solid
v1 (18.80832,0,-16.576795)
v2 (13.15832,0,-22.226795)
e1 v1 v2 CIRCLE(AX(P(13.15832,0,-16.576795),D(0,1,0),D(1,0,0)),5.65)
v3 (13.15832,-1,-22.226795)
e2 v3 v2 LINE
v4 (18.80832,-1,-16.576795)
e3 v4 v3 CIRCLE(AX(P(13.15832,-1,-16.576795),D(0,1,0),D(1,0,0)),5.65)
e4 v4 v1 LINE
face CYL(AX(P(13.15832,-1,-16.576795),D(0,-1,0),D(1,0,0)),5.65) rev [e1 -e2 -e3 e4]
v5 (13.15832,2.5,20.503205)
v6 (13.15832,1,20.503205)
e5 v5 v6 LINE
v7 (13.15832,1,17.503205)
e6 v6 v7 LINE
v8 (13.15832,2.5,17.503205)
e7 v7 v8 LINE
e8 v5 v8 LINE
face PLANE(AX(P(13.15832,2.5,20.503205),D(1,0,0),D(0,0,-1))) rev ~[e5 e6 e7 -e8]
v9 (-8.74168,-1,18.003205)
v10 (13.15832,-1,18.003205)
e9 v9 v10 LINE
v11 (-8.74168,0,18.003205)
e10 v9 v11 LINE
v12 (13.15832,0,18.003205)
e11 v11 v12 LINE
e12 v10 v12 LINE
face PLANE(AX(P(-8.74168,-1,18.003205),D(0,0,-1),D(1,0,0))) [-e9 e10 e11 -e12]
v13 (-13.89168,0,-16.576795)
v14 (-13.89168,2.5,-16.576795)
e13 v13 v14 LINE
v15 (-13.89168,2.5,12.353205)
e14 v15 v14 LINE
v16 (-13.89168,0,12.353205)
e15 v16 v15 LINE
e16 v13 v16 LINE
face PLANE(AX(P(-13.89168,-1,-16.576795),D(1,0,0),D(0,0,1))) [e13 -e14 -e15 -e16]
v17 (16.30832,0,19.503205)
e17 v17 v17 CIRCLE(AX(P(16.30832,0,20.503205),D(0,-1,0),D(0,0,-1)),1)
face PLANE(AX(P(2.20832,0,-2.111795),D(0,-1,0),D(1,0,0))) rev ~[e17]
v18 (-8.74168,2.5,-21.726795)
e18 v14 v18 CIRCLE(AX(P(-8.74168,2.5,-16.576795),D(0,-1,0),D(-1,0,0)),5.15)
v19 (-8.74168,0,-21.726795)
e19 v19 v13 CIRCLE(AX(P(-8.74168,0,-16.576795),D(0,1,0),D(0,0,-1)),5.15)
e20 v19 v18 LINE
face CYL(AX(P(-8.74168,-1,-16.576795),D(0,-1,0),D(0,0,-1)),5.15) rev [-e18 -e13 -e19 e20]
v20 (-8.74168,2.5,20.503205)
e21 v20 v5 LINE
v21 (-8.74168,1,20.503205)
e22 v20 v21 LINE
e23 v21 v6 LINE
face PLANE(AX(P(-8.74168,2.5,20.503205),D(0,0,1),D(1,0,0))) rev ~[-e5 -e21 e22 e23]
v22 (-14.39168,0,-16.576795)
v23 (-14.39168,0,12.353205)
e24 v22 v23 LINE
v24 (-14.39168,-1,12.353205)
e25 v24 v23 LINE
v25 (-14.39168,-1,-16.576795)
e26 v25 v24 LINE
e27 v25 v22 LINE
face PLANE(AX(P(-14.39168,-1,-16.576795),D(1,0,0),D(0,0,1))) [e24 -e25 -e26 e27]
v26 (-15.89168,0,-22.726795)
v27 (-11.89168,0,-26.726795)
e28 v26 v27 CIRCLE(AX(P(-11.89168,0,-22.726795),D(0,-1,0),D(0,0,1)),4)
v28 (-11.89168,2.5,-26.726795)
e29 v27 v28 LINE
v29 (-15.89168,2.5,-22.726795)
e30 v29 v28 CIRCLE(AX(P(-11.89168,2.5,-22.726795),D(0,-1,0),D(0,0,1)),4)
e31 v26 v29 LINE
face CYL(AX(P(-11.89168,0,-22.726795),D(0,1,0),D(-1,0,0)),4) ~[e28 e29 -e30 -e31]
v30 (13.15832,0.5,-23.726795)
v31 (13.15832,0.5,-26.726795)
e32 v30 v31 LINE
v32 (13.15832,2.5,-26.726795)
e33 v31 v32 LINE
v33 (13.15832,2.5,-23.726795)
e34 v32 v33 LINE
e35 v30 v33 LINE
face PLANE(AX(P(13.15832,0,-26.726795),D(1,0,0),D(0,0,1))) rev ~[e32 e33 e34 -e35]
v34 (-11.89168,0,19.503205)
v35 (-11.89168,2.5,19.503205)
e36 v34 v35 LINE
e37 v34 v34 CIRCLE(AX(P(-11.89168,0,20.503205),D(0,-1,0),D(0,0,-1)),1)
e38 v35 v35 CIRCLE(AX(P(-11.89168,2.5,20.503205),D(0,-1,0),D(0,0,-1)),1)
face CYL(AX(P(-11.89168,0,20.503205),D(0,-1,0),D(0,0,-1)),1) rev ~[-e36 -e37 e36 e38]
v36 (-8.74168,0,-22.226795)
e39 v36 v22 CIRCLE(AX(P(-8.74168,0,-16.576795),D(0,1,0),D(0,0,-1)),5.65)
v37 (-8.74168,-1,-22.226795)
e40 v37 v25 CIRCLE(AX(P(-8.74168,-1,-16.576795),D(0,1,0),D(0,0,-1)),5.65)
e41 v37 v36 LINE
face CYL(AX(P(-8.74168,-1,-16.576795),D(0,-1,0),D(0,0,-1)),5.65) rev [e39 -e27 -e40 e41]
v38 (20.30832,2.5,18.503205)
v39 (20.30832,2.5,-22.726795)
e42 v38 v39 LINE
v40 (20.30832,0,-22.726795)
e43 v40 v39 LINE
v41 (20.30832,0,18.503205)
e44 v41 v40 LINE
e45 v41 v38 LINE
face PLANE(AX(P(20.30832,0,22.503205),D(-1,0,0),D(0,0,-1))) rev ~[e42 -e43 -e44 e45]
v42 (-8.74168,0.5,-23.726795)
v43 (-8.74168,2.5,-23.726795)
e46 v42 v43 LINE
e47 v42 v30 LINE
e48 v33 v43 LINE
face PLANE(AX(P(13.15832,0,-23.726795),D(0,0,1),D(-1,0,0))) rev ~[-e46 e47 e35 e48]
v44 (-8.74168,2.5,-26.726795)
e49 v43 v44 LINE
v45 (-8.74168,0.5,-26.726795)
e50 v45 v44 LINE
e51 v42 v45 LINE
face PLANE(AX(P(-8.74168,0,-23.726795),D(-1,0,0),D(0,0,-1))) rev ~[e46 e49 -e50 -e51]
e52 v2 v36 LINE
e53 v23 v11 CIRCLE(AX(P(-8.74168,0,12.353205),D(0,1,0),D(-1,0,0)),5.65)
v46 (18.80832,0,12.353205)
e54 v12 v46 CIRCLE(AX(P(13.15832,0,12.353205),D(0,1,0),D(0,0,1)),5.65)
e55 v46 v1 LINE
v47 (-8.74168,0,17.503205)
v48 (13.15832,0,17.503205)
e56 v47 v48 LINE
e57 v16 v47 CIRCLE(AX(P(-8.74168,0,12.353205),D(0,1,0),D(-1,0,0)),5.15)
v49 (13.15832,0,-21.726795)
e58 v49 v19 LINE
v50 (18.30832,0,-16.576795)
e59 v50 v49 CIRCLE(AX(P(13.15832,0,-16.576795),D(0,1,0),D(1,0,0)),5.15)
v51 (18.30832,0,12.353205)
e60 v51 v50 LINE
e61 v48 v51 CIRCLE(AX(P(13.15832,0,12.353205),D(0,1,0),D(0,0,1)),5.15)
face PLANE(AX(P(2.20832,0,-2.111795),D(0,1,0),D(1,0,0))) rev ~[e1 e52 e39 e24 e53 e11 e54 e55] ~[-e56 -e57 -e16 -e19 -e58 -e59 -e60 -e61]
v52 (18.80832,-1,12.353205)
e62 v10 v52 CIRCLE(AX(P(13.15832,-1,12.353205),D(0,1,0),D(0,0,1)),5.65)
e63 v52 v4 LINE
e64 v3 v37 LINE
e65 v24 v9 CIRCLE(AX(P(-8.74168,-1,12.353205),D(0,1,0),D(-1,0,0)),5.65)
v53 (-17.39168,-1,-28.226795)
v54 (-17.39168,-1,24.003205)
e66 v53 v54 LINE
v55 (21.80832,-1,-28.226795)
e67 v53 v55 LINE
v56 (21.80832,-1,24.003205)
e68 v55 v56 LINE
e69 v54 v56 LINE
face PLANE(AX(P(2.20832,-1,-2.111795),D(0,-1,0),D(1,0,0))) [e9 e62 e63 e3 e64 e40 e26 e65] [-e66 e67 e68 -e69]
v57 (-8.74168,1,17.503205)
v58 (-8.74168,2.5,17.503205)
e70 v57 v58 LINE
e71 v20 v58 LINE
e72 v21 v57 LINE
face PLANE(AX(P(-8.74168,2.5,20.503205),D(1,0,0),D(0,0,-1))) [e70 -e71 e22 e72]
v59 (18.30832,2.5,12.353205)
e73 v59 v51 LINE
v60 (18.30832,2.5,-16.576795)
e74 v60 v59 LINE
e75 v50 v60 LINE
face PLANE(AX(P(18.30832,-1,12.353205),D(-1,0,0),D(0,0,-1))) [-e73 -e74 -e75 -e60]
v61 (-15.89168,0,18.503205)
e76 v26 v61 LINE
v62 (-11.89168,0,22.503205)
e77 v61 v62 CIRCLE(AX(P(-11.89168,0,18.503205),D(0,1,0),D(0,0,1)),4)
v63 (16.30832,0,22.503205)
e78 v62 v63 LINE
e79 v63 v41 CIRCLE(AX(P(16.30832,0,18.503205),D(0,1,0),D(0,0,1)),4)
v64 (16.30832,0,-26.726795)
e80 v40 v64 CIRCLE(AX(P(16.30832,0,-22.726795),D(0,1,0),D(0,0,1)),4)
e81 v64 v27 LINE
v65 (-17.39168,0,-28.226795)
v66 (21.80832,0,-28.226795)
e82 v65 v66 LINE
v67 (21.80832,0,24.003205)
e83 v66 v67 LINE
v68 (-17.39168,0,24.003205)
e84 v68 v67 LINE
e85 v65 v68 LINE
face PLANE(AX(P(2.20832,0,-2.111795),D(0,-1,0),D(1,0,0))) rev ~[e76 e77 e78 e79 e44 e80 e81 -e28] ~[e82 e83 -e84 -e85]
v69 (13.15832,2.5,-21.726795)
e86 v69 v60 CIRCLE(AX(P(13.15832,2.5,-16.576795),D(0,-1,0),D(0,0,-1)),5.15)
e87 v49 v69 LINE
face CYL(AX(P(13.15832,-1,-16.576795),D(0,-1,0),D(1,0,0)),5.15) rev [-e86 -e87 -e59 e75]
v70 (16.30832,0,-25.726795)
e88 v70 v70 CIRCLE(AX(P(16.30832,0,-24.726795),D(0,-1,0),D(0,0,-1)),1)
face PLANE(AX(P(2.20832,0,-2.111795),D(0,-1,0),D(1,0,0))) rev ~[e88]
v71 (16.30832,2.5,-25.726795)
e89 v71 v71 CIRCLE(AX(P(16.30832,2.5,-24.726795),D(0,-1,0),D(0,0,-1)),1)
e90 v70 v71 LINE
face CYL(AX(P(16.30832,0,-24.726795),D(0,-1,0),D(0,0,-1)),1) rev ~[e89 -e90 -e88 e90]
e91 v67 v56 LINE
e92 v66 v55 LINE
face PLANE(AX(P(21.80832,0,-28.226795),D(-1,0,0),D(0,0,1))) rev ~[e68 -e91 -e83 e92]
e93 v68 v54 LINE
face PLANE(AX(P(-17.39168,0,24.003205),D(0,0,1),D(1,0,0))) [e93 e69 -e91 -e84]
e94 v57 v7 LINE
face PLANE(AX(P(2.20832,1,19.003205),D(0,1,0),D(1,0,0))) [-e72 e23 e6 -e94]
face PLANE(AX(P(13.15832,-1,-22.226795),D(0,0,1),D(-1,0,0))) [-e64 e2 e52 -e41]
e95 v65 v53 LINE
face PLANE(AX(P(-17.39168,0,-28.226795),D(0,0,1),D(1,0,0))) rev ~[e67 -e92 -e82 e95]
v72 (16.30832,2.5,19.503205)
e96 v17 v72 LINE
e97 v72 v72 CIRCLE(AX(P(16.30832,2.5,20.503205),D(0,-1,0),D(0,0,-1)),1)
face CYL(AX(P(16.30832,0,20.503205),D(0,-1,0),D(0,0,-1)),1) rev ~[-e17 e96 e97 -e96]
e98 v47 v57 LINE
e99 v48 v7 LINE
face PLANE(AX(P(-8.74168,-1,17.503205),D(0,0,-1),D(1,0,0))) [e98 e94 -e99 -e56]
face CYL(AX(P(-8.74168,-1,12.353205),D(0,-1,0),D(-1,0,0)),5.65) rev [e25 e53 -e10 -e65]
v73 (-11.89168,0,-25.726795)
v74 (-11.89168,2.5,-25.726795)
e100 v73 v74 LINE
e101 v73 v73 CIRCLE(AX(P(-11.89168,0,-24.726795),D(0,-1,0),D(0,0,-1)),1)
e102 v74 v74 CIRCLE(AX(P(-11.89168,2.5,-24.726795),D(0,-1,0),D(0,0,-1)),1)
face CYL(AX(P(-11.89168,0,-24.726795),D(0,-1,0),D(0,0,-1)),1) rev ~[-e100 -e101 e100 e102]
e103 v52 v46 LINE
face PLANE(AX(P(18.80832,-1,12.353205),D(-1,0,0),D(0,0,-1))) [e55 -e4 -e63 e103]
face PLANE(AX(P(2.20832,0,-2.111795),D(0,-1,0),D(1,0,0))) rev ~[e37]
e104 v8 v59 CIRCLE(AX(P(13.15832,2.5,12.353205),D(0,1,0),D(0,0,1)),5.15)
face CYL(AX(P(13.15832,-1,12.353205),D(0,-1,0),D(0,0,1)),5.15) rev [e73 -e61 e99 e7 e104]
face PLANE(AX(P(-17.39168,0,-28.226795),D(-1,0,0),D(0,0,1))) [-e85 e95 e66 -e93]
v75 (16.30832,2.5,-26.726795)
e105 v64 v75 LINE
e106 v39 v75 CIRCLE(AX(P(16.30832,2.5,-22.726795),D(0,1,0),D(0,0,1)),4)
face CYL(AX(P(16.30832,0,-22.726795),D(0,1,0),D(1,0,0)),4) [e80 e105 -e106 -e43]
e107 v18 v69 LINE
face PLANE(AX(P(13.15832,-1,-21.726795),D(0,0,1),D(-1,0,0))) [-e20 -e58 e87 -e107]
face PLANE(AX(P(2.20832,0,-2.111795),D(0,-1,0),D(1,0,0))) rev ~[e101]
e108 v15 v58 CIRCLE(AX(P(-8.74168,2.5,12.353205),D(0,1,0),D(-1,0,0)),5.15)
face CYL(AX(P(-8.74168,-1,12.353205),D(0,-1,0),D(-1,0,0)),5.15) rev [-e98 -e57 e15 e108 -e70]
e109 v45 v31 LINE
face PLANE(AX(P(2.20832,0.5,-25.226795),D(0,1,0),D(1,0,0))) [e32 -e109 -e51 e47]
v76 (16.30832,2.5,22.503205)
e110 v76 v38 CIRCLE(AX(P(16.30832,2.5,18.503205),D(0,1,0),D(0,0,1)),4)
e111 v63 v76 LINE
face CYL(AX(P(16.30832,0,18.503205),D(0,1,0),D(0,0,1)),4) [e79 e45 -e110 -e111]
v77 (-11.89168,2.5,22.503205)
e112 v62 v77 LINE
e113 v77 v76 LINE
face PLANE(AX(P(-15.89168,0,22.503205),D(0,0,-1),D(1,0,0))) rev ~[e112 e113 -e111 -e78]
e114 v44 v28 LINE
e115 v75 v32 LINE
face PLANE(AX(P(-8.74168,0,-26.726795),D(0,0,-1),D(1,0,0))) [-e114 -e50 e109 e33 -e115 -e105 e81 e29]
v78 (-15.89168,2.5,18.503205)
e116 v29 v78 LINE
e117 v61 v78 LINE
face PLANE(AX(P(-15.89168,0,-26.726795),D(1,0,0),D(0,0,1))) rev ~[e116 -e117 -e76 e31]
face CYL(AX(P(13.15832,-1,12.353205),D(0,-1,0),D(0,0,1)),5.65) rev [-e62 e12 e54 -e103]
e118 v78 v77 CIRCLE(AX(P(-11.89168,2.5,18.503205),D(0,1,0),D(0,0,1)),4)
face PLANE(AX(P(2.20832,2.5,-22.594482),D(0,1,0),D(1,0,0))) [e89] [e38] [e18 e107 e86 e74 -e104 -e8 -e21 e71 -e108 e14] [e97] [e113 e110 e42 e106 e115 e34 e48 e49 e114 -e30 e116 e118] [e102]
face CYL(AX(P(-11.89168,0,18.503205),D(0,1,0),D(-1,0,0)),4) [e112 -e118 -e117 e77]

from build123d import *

# Parameters (mm, degrees)
EXTRUDE_1_DEPTH       = 2.5
SKETCH_1_3_W          = 21.9
SKETCH_1_3_H          = 3
EXTRUDE_2_DEPTH       = 0.5
SKETCH_2_R            = 1
CUT_EXTRUDE_1_DEPTH   = 34.660057049
SKETCH_3_W            = 21.9
SKETCH_3_H            = 3
CUT_EXTRUDE_2_DEPTH   = 1.5
SKETCH_4_W            = 39.2
SKETCH_4_H            = 52.23
EXTRUDE_3_DEPTH       = 1
CUT_EXTRUDE_START     = -1
CUT_EXTRUDE_3_DEPTH   = 1
FILLET_1_R            = 4
CUT_EXTRUDE_1_2_DEPTH = 1


with BuildPart() as part:
    # 草图1 → 凸台-拉伸1 (new body)
    with BuildSketch(Plane(origin=(0, 0, 0), x_dir=(1, 0, 0), z_dir=(0, 1, 0))):
        Polygon((20.308319986, -22.503204833), (20.308319986, 26.726795167), (13.158319986, 26.726795167), (13.158319986, 23.726795167), (-8.741680014, 23.726795167), (-8.741680014, 26.726795167), (-15.891680014, 26.726795167), (-15.891680014, -22.503204833), align=None)
        with BuildLine():
            ThreePointArc((18.308319986, -12.353204833), (16.799919909, -15.994804756), (13.158319986, -17.503204833))
            Line((13.158319986, -17.503204833), (-8.741680014, -17.503204833))
            ThreePointArc((-8.741680014, -17.503204833), (-12.383279937, -15.994804756), (-13.891680014, -12.353204833))
            Line((-13.891680014, -12.353204833), (-13.891680014, 16.576795167))
            ThreePointArc((-13.891680014, 16.576795167), (-12.383279937, 20.21839509), (-8.741680014, 21.726795167))
            Line((-8.741680014, 21.726795167), (13.158319986, 21.726795167))
            ThreePointArc((13.158319986, 21.726795167), (16.799919909, 20.21839509), (18.308319986, 16.576795167))
            Line((18.308319986, 16.576795167), (18.308319986, -12.353204833))
        make_face(mode=Mode.SUBTRACT)
    extrude(amount=EXTRUDE_1_DEPTH)

    # 草图1<3> → 凸台-拉伸2 (add)
    with BuildSketch(Plane(origin=(0, 0, 0), x_dir=(1, 0, 0), z_dir=(0, 1, 0))):
        with Locations((2.208319986, 25.226795167)):
            Rectangle(SKETCH_1_3_W, SKETCH_1_3_H)
    extrude(amount=EXTRUDE_2_DEPTH)

    # 草图2 → Cut-Extrude 1 (cut, through all)
    with BuildSketch(Plane.XZ):
        with Locations((-11.891680014, -24.726795167)):
            Circle(SKETCH_2_R)
        with Locations((-11.891680014, 20.503204833)):
            Circle(SKETCH_2_R)
        with Locations((16.308319986, 20.503204833)):
            Circle(SKETCH_2_R)
        with Locations((16.308319986, -24.726795167)):
            Circle(SKETCH_2_R)
    extrude(amount=-CUT_EXTRUDE_1_DEPTH, mode=Mode.SUBTRACT)

    # 草图3 → 切除-拉伸2 (cut)
    with BuildSketch(Plane(origin=(0, 2.5, 0), x_dir=(1, 0, 0), z_dir=(0, 1, 0))):
        with Locations((2.208319986, -19.003204833)):
            Rectangle(SKETCH_3_W, SKETCH_3_H)
    extrude(amount=-CUT_EXTRUDE_2_DEPTH, mode=Mode.SUBTRACT)

    # 草图4 → 凸台-拉伸3 (add)
    with BuildSketch(Plane.XZ):
        with Locations((2.208319986, -2.111795167)):
            Rectangle(SKETCH_4_W, SKETCH_4_H)
    extrude(amount=EXTRUDE_3_DEPTH)

    # 草图5 → 切除-拉伸3 (cut)
    with BuildSketch(Plane(origin=(0, 0, 0), x_dir=(1, 0, 0), z_dir=(0, 1, 0)).offset(CUT_EXTRUDE_START)):
        with BuildLine():
            Line((18.308319986, -12.353204833), (18.308319986, 16.576795167))
            ThreePointArc((18.308319986, 16.576795167), (16.799919909, 20.21839509), (13.158319986, 21.726795167))
            Line((13.158319986, 21.726795167), (-8.741680014, 21.726795167))
            ThreePointArc((-8.741680014, 21.726795167), (-12.383279937, 20.21839509), (-13.891680014, 16.576795167))
            Line((-13.891680014, 16.576795167), (-13.891680014, -12.353204833))
            ThreePointArc((-13.891680014, -12.353204833), (-12.383279937, -15.994804756), (-8.741680014, -17.503204833))
            Line((-8.741680014, -17.503204833), (13.158319986, -17.503204833))
            ThreePointArc((13.158319986, -17.503204833), (16.799919909, -15.994804756), (18.308319986, -12.353204833))
        make_face()
    extrude(amount=CUT_EXTRUDE_3_DEPTH, mode=Mode.SUBTRACT)

    # 圆角1
    fillet_1_edges = [part.edges().sort_by_distance(p)[0] for p in [
        (-15.891680014, 1.25, 22.503204833),
        (-15.891680014, 1.25, -26.726795167),
        (20.308319986, 1.25, -26.726795167),
        (20.308319986, 1.25, 22.503204833),
    ]]
    fillet(fillet_1_edges, radius=FILLET_1_R)

    # 草图5<2> → Cut-Extrude 1 2 (cut)
    with BuildSketch(Plane(origin=(0, 0, 0), x_dir=(1, 0, 0), z_dir=(0, 1, 0)).offset(CUT_EXTRUDE_START)):
        with BuildLine():
            Line((-8.741680014, -18.003204833), (13.158319986, -18.003204833))
            ThreePointArc((13.158319986, -18.003204833), (17.153473299, -16.348358147), (18.808319986, -12.353204833))
            Line((18.808319986, -12.353204833), (18.808319986, 16.576795167))
            ThreePointArc((18.808319986, 16.576795167), (17.153473299, 20.571948481), (13.158319986, 22.226795167))
            Line((13.158319986, 22.226795167), (-8.741680014, 22.226795167))
            ThreePointArc((-8.741680014, 22.226795167), (-12.736833328, 20.571948481), (-14.391680014, 16.576795167))
            Line((-14.391680014, 16.576795167), (-14.391680014, -12.353204833))
            ThreePointArc((-14.391680014, -12.353204833), (-12.736833328, -16.348358147), (-8.741680014, -18.003204833))
        make_face()
        with BuildLine():
            Line((-8.741680014, -17.503204833), (13.158319986, -17.503204833))
            ThreePointArc((13.158319986, -17.503204833), (16.799919909, -15.994804756), (18.308319986, -12.353204833))
            Line((18.308319986, -12.353204833), (18.308319986, 16.576795167))
            ThreePointArc((18.308319986, 16.576795167), (16.799919909, 20.21839509), (13.158319986, 21.726795167))
            Line((13.158319986, 21.726795167), (-8.741680014, 21.726795167))
            ThreePointArc((-8.741680014, 21.726795167), (-12.383279937, 20.21839509), (-13.891680014, 16.576795167))
            Line((-13.891680014, 16.576795167), (-13.891680014, -12.353204833))
            ThreePointArc((-13.891680014, -12.353204833), (-12.383279937, -15.994804756), (-8.741680014, -17.503204833))
        make_face(mode=Mode.SUBTRACT)
    extrude(amount=CUT_EXTRUDE_1_2_DEPTH, mode=Mode.SUBTRACT)


solid = part.part
